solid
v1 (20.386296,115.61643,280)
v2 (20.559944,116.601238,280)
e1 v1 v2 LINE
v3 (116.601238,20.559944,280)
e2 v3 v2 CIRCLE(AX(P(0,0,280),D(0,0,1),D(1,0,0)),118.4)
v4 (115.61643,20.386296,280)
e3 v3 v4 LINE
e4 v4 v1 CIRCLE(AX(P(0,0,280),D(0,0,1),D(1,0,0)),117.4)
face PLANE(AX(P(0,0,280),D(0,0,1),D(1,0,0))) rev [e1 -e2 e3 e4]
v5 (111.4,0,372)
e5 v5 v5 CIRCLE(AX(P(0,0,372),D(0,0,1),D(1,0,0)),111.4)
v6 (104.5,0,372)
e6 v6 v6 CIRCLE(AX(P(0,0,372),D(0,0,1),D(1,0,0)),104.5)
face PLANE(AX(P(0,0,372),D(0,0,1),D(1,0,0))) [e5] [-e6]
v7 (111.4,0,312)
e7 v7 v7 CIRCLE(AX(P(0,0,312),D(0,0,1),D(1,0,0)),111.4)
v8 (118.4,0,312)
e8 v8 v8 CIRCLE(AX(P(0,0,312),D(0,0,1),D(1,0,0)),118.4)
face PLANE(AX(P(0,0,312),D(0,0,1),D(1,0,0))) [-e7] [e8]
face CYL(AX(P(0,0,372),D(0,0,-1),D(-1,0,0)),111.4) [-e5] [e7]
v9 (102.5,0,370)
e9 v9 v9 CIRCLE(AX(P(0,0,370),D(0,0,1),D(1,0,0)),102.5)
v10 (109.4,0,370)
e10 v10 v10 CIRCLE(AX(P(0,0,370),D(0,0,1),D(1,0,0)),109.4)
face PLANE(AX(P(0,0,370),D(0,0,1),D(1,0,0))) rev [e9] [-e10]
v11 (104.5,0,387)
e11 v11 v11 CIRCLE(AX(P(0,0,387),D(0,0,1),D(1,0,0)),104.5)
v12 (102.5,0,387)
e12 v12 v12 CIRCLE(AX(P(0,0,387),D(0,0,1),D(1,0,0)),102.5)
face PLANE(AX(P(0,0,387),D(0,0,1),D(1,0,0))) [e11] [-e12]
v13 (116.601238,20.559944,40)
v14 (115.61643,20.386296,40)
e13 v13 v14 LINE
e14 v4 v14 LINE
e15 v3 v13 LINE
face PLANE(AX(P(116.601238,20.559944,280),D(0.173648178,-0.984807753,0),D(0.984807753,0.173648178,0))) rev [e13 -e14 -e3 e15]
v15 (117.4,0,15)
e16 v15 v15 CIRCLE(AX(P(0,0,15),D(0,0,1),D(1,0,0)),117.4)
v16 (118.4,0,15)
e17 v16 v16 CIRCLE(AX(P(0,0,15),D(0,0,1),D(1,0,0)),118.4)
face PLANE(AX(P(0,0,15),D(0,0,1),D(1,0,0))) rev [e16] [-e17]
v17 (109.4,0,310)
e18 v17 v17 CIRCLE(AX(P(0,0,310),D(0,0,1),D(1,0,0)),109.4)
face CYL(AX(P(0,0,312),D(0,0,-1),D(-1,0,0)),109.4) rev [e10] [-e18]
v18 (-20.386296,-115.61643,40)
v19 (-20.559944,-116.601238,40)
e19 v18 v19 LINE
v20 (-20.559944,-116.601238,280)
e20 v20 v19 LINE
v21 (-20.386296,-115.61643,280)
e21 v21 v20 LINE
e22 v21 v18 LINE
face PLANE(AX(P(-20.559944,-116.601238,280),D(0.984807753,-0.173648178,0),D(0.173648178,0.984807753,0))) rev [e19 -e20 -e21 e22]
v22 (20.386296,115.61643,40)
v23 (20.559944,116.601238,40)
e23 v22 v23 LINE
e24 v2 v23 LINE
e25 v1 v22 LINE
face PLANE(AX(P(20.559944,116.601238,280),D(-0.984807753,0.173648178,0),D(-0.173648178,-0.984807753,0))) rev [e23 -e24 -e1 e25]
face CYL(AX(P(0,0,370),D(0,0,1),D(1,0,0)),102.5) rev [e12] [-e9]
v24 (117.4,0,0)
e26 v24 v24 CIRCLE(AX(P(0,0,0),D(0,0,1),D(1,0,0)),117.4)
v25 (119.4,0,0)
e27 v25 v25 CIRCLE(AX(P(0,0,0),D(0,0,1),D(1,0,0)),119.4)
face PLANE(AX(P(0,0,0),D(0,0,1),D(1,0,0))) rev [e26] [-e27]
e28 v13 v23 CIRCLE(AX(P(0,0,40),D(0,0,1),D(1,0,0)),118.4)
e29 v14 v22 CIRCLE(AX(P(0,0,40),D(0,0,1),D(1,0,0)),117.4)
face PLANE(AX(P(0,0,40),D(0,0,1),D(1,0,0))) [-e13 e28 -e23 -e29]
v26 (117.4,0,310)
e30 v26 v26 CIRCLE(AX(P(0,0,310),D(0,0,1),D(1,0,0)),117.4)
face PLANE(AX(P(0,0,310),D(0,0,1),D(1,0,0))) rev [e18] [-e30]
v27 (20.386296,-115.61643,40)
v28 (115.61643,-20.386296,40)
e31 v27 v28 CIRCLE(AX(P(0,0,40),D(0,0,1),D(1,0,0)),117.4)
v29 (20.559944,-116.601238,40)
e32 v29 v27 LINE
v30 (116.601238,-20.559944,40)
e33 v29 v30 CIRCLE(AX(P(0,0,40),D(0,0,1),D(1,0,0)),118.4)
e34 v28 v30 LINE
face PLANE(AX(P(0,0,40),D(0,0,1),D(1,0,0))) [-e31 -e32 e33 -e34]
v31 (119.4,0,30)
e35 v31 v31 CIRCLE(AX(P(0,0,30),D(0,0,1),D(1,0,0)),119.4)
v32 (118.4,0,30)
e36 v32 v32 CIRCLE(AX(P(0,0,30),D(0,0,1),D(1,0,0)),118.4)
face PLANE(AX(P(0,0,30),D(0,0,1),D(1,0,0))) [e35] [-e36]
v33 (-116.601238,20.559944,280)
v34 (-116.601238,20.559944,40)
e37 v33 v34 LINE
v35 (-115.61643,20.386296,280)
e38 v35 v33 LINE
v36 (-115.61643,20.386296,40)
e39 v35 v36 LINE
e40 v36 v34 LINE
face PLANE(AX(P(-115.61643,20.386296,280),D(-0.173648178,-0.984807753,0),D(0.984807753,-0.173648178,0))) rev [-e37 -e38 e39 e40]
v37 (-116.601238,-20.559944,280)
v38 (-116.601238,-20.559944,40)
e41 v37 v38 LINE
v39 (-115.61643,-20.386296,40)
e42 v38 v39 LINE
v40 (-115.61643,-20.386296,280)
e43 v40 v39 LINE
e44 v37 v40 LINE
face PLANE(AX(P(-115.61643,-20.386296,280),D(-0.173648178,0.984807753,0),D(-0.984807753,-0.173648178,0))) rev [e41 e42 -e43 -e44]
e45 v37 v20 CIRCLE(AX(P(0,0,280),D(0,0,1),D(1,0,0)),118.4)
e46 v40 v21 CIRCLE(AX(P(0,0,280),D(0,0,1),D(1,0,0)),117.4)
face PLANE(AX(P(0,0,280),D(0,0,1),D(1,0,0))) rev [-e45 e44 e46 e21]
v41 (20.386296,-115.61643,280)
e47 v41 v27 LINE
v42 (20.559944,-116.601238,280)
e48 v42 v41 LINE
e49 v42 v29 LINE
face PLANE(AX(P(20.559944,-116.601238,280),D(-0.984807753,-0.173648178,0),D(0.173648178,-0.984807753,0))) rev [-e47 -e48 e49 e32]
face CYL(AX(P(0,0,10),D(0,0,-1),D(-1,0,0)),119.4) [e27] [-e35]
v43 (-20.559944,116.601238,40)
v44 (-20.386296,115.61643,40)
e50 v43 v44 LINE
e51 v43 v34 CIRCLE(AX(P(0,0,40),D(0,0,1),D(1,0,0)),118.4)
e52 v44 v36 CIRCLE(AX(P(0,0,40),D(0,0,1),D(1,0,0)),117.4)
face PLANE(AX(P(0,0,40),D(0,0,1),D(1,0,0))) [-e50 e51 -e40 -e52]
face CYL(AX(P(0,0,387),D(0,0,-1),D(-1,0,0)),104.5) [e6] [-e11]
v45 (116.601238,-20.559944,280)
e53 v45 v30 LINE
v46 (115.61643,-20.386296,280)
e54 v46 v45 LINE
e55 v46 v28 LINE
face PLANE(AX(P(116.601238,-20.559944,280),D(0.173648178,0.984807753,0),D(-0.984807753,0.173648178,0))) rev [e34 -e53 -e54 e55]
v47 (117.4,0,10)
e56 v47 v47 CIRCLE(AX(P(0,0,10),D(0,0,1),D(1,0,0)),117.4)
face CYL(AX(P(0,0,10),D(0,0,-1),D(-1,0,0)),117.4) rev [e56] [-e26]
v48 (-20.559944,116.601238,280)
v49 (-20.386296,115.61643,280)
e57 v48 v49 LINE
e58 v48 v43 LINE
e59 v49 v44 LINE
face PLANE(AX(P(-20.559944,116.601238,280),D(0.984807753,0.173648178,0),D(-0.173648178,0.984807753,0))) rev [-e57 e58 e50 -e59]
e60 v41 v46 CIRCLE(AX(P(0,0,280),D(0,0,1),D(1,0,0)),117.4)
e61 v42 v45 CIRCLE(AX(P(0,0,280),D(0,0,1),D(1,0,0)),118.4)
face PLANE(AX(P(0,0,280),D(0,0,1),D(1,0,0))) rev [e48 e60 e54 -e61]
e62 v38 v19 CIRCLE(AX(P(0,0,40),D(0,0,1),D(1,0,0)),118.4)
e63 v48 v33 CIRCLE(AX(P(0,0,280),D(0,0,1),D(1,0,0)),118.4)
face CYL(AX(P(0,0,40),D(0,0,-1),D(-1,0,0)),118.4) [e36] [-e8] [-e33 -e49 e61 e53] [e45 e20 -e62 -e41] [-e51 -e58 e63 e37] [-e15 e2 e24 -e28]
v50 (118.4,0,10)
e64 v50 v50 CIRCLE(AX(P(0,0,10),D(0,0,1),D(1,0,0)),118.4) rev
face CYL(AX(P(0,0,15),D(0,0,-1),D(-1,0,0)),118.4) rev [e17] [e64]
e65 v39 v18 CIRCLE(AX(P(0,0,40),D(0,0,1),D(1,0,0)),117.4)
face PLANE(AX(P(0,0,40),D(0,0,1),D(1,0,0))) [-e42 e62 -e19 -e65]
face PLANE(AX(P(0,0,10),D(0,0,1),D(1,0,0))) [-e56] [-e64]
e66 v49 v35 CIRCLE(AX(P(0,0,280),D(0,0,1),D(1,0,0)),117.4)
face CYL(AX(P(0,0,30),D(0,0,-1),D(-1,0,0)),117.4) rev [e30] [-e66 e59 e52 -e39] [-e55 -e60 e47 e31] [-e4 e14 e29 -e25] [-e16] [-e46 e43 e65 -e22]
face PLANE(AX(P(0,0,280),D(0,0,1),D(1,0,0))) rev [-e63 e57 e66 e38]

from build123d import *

# Parameters (mm, degrees)
SKETCH1_R       = 119.4
SKETCH1_R_2     = 117.4
EXTRUDE1_DEPTH  = 10
SKETCH2_R       = 119.4
SKETCH2_R_2     = 118.4
EXTRUDE2_DEPTH  = 5
SKETCH3_R       = 119.4
SKETCH3_R_2     = 117.4
EXTRUDE3_DEPTH  = 15
SKETCH4_R       = 118.4
SKETCH4_R_2     = 117.4
EXTRUDE4_DEPTH  = 10
EXTRUDE5_DEPTH  = 240
SKETCH6_R       = 118.4
SKETCH6_R_2     = 117.4
EXTRUDE6_DEPTH  = 30
SKETCH7_R       = 118.4
SKETCH7_R_2     = 109.4
EXTRUDE7_DEPTH  = 2
SKETCH8_R       = 111.4
SKETCH8_R_2     = 109.4
EXTRUDE8_DEPTH  = 60
SKETCH9_R       = 111.4
SKETCH9_R_2     = 102.5
EXTRUDE9_DEPTH  = 2
SKETCH10_R      = 104.5
SKETCH10_R_2    = 102.5
EXTRUDE10_DEPTH = 15


with BuildPart() as part:
    # Sketch1 → Extrude1 (new body)
    with BuildSketch(Plane.XY):
        Circle(SKETCH1_R)
        Circle(SKETCH1_R_2, mode=Mode.SUBTRACT)
    extrude(amount=EXTRUDE1_DEPTH)

    # Sketch2 → Extrude2 (add)
    with BuildSketch(Plane.XY.offset(10)):
        Circle(SKETCH2_R)
        Circle(SKETCH2_R_2, mode=Mode.SUBTRACT)
    extrude(amount=EXTRUDE2_DEPTH)

    # Sketch3 → Extrude3 (add)
    with BuildSketch(Plane.XY.offset(15)):
        Circle(SKETCH3_R)
        Circle(SKETCH3_R_2, mode=Mode.SUBTRACT)
    extrude(amount=EXTRUDE3_DEPTH)

    # Sketch4 → Extrude4 (add)
    with BuildSketch(Plane.XY.offset(30)):
        Circle(SKETCH4_R)
        Circle(SKETCH4_R_2, mode=Mode.SUBTRACT)
    extrude(amount=EXTRUDE4_DEPTH)

    # Sketch5 → Extrude5 (add)
    with BuildSketch(Plane.XY.offset(40)):
        with BuildLine():
            Line((20.559944, 116.601238), (20.386296, 115.61643))
            ThreePointArc((20.386296, 115.61643), (0, 117.4), (-20.386296, 115.61643))
            Line((-20.386296, 115.61643), (-20.559944, 116.601238))
            ThreePointArc((-20.559944, 116.601238), (0, 118.4), (20.559944, 116.601238))
        make_face()
        with BuildLine():
            Line((116.601238, 20.559944), (115.61643, 20.386296))
            ThreePointArc((115.61643, 20.386296), (117.4, 0), (115.61643, -20.386296))
            Line((115.61643, -20.386296), (116.601238, -20.559944))
            ThreePointArc((116.601238, -20.559944), (118.4, 0), (116.601238, 20.559944))
        make_face()
        with BuildLine():
            Line((20.559944, -116.601238), (20.386296, -115.61643))
            ThreePointArc((20.386296, -115.61643), (0, -117.4), (-20.386296, -115.61643))
            Line((-20.386296, -115.61643), (-20.559944, -116.601238))
            ThreePointArc((-20.559944, -116.601238), (0, -118.4), (20.559944, -116.601238))
        make_face()
        with BuildLine():
            Line((-115.61643, -20.386296), (-116.601238, -20.559944))
            ThreePointArc((-116.601238, -20.559944), (-118.4, 0), (-116.601238, 20.559944))
            Line((-116.601238, 20.559944), (-115.61643, 20.386296))
            ThreePointArc((-115.61643, 20.386296), (-117.4, 0), (-115.61643, -20.386296))
        make_face()
    extrude(amount=EXTRUDE5_DEPTH)

    # Sketch6 → Extrude6 (add)
    with BuildSketch(Plane.XY.offset(280)):
        Circle(SKETCH6_R)
        Circle(SKETCH6_R_2, mode=Mode.SUBTRACT)
    extrude(amount=EXTRUDE6_DEPTH)

    # Sketch7 → Extrude7 (add)
    with BuildSketch(Plane.XY.offset(310)):
        Circle(SKETCH7_R)
        Circle(SKETCH7_R_2, mode=Mode.SUBTRACT)
    extrude(amount=EXTRUDE7_DEPTH)

    # Sketch8 → Extrude8 (add)
    with BuildSketch(Plane.XY.offset(312)):
        Circle(SKETCH8_R)
        Circle(SKETCH8_R_2, mode=Mode.SUBTRACT)
    extrude(amount=EXTRUDE8_DEPTH)

    # Sketch9 → Extrude9 (add)
    with BuildSketch(Plane.XY.offset(372)):
        Circle(SKETCH9_R)
        Circle(SKETCH9_R_2, mode=Mode.SUBTRACT)
    extrude(amount=-EXTRUDE9_DEPTH)

    # Sketch10 → Extrude10 (add)
    with BuildSketch(Plane.XY.offset(372)):
        Circle(SKETCH10_R)
        Circle(SKETCH10_R_2, mode=Mode.SUBTRACT)
    extrude(amount=EXTRUDE10_DEPTH)


solid = part.part
